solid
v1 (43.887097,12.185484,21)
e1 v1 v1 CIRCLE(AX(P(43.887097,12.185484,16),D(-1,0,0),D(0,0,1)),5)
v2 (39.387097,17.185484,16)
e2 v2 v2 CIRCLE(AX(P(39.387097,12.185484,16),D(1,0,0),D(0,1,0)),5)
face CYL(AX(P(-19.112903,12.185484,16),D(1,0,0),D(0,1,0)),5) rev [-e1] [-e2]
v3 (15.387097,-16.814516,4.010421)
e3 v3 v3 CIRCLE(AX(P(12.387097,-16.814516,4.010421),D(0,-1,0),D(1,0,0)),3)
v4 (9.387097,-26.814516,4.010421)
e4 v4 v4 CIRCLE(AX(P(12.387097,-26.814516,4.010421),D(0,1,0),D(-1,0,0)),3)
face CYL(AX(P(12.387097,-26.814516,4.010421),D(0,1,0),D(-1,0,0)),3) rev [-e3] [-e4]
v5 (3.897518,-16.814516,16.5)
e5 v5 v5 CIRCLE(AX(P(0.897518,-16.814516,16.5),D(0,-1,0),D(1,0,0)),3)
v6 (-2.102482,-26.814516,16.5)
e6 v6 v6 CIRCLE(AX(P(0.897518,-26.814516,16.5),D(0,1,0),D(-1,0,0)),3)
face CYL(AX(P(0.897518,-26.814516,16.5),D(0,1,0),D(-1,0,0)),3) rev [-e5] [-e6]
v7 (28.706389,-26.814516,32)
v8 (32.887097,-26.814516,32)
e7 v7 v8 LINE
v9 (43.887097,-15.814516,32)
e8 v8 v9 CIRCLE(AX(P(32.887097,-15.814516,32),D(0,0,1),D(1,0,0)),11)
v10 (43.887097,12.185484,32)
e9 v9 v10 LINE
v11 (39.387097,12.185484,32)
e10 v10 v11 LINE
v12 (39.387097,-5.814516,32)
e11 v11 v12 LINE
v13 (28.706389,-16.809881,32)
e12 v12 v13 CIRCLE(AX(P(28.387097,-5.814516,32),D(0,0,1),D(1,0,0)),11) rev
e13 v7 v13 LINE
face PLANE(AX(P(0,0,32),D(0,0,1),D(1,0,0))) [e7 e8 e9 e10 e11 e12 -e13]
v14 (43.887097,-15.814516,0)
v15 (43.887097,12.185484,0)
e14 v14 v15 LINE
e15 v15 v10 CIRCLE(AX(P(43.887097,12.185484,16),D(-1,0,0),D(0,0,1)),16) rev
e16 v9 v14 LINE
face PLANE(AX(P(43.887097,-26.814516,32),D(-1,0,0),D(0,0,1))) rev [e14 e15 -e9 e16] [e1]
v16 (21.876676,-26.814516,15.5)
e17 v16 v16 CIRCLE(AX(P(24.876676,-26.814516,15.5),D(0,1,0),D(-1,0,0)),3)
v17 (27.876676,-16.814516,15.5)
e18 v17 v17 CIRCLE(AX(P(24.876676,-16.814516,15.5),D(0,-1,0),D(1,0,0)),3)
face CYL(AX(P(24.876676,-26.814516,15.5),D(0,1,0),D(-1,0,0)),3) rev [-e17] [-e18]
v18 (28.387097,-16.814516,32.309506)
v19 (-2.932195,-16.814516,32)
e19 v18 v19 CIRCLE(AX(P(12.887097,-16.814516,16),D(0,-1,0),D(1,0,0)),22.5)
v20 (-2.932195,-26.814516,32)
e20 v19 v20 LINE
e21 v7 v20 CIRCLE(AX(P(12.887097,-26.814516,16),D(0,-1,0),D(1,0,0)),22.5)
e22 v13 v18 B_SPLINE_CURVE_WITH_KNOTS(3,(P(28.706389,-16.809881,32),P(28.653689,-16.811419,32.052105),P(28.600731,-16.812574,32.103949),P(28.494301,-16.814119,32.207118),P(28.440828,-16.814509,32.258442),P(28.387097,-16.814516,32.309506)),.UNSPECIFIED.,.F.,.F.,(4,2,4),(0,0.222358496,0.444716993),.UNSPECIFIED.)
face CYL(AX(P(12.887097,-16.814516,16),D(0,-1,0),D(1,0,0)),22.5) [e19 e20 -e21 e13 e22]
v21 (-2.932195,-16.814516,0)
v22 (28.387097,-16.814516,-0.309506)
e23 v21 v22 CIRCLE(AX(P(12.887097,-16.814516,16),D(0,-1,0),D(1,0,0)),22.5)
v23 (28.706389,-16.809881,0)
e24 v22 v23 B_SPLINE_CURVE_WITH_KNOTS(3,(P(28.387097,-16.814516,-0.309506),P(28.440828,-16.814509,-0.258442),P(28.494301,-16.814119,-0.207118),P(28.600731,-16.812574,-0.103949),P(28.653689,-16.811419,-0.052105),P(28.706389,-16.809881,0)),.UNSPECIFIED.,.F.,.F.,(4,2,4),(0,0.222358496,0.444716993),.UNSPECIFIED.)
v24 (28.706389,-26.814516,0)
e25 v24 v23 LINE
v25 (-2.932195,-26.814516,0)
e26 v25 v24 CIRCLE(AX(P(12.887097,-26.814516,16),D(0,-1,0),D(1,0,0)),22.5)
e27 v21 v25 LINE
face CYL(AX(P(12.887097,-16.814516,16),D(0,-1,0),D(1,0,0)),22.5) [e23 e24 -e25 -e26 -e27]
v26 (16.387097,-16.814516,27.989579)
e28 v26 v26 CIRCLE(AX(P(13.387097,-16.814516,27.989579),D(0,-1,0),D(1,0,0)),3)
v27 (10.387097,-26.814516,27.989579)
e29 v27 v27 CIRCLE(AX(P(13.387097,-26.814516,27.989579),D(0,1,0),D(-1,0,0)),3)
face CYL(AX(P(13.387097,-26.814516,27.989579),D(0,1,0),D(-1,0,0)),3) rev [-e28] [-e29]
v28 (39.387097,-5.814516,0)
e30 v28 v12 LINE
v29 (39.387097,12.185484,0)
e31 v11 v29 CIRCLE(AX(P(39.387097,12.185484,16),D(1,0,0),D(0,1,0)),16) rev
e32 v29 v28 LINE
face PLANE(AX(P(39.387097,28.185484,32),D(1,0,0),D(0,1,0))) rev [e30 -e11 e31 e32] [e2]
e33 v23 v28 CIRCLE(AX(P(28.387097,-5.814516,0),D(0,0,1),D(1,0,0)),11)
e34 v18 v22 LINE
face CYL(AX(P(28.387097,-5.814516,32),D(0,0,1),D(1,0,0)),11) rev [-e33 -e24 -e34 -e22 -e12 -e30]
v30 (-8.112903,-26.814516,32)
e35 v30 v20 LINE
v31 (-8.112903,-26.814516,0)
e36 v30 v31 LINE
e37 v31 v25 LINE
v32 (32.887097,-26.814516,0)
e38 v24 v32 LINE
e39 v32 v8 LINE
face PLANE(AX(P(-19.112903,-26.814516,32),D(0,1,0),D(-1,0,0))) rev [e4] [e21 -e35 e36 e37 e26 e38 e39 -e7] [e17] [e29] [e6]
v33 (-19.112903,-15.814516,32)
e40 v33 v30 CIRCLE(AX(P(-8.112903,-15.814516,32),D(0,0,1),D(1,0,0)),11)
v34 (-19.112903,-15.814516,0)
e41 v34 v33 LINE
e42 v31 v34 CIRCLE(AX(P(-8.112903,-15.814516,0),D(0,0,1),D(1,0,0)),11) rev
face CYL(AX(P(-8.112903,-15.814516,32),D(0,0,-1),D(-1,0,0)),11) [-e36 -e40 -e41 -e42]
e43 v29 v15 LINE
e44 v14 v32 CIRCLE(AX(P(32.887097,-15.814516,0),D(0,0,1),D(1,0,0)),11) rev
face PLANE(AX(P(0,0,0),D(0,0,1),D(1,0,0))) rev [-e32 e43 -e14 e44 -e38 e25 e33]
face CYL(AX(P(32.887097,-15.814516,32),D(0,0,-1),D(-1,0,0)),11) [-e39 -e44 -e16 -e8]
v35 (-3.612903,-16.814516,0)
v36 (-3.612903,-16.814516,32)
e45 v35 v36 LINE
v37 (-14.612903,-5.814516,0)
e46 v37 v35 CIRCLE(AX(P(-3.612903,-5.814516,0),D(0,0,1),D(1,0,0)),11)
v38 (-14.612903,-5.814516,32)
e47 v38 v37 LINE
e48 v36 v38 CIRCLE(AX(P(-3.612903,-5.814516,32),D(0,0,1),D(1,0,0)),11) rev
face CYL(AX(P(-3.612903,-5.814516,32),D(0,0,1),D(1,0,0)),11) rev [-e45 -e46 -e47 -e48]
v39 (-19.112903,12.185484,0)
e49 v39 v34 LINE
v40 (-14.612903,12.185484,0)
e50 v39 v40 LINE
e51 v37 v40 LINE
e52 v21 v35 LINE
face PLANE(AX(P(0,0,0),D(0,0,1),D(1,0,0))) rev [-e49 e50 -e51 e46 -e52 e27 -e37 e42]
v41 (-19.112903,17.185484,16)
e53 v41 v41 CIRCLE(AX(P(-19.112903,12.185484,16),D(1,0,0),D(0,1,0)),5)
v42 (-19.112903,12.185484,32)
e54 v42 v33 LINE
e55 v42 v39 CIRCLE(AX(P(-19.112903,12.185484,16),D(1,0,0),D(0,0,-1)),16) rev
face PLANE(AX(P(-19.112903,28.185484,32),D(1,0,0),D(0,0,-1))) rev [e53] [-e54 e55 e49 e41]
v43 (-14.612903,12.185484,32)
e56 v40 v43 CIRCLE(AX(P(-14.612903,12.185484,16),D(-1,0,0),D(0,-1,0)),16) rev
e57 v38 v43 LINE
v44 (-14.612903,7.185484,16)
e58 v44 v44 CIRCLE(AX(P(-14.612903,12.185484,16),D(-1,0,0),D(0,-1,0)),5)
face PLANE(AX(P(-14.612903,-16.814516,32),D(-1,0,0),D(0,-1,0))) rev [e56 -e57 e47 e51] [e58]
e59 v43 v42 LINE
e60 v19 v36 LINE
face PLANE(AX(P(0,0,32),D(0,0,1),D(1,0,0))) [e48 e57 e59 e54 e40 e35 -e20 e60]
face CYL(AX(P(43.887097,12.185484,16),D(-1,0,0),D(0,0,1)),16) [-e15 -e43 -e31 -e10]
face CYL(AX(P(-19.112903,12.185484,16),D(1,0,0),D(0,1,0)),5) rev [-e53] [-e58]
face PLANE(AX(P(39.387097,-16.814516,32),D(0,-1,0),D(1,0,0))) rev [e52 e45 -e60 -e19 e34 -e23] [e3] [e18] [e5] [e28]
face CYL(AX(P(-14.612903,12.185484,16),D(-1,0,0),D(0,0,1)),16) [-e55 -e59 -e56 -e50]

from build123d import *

# Parameters (mm, degrees)
BOSS_EXTRUDE1_DEPTH     = 32
SKETCH2_R               = 22.5
BOSS_EXTRUDE4_DEPTH     = 10
CUT_EXTRUDE1_DEPTH      = 80.029560932
CUT_EXTRUDE1_DEPTH_BACK = 80.029560932
SKETCH3_R               = 5
FILLET3_R               = 11
FILLET4_RADIUS          = 16
FILLET4_LENGTH          = 4.5
FILLET5_RADIUS          = 16
FILLET5_LENGTH          = 4.5
CUT_EXTRUDE2_DEPTH      = 74.711106836
CUT_EXTRUDE2_DEPTH_BACK = 74.711106836
SKETCH4_R               = 3


with BuildPart() as part:
    # Sketch1 → Boss-Extrude1 (new body)
    with BuildSketch(Plane.XY):
        Polygon((-19.112903226, 28.185483871), (-19.112903226, -26.814516129), (43.887096774, -26.814516129), (43.887096774, 28.185483871), (39.387096774, 28.185483871), (39.387096774, -16.814516129), (-14.612903226, -16.814516129), (-14.612903226, 28.185483871), align=None)
    extrude(amount=BOSS_EXTRUDE1_DEPTH)

    # Sketch2 → Boss-Extrude4 (add)
    with BuildSketch(Plane.XZ.offset(26.814516129)):
        with Locations((12.887096774, 16)):
            Circle(SKETCH2_R)
    extrude(amount=-BOSS_EXTRUDE4_DEPTH)

    # Sketch3 → Cut-Extrude1 (cut, two sides: drawn at the far end of the back side and taken through both)
    with BuildSketch(Plane(origin=(43.887096774, 0, 0), x_dir=(0, 0, -1), z_dir=(1, 0, 0)).offset(-CUT_EXTRUDE1_DEPTH_BACK)):
        with Locations(Location((-16, 12.185483871, 0), (0, 0, 90))):
            Circle(SKETCH3_R)
    extrude(amount=CUT_EXTRUDE1_DEPTH + CUT_EXTRUDE1_DEPTH_BACK, mode=Mode.SUBTRACT)

    # Fillet3
    fillet3_edges = [part.edges().sort_by_distance(p)[0] for p in [
        (-14.612903226, -16.814516129, 16),
        (39.387096774, -16.814516129, 16),
        (43.887096774, -26.814516129, 16),
        (-19.112903226, -26.814516129, 16),
    ]]
    fillet(fillet3_edges, radius=FILLET3_R)

    # Fillet4: full round fillet: the end face becomes a half cylinder, R = half its width
    fillet4_face = Plane((41.637096774, 28.185483871, 16), x_dir=(1, 0, 0), z_dir=(0, 1, 0))  # on the end face: x along it, z out of the body
    fillet4_slab = fillet4_face.offset(-FILLET4_RADIUS / 2) * Box(FILLET4_LENGTH, 2 * FILLET4_RADIUS, FILLET4_RADIUS, mode=Mode.PRIVATE)  # the body's end, R deep
    fillet4_round = Plane((41.637096774, 12.185483871, 16), x_dir=(0, 1, 0), z_dir=(1, 0, 0)) * Cylinder(FILLET4_RADIUS, FILLET4_LENGTH, mode=Mode.PRIVATE)  # its axis R under the face
    add(fillet4_slab - fillet4_round, mode=Mode.SUBTRACT)

    # Fillet5: full round fillet: the end face becomes a half cylinder, R = half its width
    fillet5_face = Plane((-16.862903226, 28.185483871, 16), x_dir=(-1, 0, 0), z_dir=(0, 1, 0))  # on the end face: x along it, z out of the body
    fillet5_slab = fillet5_face.offset(-FILLET5_RADIUS / 2) * Box(FILLET5_LENGTH, 2 * FILLET5_RADIUS, FILLET5_RADIUS, mode=Mode.PRIVATE)  # the body's end, R deep
    fillet5_round = Plane((-16.862903226, 12.185483871, 16), x_dir=(0, 1, 0), z_dir=(-1, 0, 0)) * Cylinder(FILLET5_RADIUS, FILLET5_LENGTH, mode=Mode.PRIVATE)  # its axis R under the face
    add(fillet5_slab - fillet5_round, mode=Mode.SUBTRACT)

    # Sketch4 → Cut-Extrude2 (cut, two sides: drawn at the far end of the back side and taken through both)
    with BuildSketch(Plane(origin=(0, -16.814516129, 0), x_dir=(1, 0, 0), z_dir=(0, 1, 0)).offset(-CUT_EXTRUDE2_DEPTH_BACK)):
        with Locations(Location((12.387096774, -4.010421192, 0), (0, 0, 180))):
            Circle(SKETCH4_R)
        with Locations(Location((24.876675582, -15.5, 0), (0, 0, 180))):
            Circle(SKETCH4_R)
        with Locations(Location((13.387096774, -27.989578808, 0), (0, 0, 180))):
            Circle(SKETCH4_R)
        with Locations(Location((0.897517966, -16.5, 0), (0, 0, 180))):
            Circle(SKETCH4_R)
    extrude(amount=CUT_EXTRUDE2_DEPTH + CUT_EXTRUDE2_DEPTH_BACK, mode=Mode.SUBTRACT)


solid = part.part
